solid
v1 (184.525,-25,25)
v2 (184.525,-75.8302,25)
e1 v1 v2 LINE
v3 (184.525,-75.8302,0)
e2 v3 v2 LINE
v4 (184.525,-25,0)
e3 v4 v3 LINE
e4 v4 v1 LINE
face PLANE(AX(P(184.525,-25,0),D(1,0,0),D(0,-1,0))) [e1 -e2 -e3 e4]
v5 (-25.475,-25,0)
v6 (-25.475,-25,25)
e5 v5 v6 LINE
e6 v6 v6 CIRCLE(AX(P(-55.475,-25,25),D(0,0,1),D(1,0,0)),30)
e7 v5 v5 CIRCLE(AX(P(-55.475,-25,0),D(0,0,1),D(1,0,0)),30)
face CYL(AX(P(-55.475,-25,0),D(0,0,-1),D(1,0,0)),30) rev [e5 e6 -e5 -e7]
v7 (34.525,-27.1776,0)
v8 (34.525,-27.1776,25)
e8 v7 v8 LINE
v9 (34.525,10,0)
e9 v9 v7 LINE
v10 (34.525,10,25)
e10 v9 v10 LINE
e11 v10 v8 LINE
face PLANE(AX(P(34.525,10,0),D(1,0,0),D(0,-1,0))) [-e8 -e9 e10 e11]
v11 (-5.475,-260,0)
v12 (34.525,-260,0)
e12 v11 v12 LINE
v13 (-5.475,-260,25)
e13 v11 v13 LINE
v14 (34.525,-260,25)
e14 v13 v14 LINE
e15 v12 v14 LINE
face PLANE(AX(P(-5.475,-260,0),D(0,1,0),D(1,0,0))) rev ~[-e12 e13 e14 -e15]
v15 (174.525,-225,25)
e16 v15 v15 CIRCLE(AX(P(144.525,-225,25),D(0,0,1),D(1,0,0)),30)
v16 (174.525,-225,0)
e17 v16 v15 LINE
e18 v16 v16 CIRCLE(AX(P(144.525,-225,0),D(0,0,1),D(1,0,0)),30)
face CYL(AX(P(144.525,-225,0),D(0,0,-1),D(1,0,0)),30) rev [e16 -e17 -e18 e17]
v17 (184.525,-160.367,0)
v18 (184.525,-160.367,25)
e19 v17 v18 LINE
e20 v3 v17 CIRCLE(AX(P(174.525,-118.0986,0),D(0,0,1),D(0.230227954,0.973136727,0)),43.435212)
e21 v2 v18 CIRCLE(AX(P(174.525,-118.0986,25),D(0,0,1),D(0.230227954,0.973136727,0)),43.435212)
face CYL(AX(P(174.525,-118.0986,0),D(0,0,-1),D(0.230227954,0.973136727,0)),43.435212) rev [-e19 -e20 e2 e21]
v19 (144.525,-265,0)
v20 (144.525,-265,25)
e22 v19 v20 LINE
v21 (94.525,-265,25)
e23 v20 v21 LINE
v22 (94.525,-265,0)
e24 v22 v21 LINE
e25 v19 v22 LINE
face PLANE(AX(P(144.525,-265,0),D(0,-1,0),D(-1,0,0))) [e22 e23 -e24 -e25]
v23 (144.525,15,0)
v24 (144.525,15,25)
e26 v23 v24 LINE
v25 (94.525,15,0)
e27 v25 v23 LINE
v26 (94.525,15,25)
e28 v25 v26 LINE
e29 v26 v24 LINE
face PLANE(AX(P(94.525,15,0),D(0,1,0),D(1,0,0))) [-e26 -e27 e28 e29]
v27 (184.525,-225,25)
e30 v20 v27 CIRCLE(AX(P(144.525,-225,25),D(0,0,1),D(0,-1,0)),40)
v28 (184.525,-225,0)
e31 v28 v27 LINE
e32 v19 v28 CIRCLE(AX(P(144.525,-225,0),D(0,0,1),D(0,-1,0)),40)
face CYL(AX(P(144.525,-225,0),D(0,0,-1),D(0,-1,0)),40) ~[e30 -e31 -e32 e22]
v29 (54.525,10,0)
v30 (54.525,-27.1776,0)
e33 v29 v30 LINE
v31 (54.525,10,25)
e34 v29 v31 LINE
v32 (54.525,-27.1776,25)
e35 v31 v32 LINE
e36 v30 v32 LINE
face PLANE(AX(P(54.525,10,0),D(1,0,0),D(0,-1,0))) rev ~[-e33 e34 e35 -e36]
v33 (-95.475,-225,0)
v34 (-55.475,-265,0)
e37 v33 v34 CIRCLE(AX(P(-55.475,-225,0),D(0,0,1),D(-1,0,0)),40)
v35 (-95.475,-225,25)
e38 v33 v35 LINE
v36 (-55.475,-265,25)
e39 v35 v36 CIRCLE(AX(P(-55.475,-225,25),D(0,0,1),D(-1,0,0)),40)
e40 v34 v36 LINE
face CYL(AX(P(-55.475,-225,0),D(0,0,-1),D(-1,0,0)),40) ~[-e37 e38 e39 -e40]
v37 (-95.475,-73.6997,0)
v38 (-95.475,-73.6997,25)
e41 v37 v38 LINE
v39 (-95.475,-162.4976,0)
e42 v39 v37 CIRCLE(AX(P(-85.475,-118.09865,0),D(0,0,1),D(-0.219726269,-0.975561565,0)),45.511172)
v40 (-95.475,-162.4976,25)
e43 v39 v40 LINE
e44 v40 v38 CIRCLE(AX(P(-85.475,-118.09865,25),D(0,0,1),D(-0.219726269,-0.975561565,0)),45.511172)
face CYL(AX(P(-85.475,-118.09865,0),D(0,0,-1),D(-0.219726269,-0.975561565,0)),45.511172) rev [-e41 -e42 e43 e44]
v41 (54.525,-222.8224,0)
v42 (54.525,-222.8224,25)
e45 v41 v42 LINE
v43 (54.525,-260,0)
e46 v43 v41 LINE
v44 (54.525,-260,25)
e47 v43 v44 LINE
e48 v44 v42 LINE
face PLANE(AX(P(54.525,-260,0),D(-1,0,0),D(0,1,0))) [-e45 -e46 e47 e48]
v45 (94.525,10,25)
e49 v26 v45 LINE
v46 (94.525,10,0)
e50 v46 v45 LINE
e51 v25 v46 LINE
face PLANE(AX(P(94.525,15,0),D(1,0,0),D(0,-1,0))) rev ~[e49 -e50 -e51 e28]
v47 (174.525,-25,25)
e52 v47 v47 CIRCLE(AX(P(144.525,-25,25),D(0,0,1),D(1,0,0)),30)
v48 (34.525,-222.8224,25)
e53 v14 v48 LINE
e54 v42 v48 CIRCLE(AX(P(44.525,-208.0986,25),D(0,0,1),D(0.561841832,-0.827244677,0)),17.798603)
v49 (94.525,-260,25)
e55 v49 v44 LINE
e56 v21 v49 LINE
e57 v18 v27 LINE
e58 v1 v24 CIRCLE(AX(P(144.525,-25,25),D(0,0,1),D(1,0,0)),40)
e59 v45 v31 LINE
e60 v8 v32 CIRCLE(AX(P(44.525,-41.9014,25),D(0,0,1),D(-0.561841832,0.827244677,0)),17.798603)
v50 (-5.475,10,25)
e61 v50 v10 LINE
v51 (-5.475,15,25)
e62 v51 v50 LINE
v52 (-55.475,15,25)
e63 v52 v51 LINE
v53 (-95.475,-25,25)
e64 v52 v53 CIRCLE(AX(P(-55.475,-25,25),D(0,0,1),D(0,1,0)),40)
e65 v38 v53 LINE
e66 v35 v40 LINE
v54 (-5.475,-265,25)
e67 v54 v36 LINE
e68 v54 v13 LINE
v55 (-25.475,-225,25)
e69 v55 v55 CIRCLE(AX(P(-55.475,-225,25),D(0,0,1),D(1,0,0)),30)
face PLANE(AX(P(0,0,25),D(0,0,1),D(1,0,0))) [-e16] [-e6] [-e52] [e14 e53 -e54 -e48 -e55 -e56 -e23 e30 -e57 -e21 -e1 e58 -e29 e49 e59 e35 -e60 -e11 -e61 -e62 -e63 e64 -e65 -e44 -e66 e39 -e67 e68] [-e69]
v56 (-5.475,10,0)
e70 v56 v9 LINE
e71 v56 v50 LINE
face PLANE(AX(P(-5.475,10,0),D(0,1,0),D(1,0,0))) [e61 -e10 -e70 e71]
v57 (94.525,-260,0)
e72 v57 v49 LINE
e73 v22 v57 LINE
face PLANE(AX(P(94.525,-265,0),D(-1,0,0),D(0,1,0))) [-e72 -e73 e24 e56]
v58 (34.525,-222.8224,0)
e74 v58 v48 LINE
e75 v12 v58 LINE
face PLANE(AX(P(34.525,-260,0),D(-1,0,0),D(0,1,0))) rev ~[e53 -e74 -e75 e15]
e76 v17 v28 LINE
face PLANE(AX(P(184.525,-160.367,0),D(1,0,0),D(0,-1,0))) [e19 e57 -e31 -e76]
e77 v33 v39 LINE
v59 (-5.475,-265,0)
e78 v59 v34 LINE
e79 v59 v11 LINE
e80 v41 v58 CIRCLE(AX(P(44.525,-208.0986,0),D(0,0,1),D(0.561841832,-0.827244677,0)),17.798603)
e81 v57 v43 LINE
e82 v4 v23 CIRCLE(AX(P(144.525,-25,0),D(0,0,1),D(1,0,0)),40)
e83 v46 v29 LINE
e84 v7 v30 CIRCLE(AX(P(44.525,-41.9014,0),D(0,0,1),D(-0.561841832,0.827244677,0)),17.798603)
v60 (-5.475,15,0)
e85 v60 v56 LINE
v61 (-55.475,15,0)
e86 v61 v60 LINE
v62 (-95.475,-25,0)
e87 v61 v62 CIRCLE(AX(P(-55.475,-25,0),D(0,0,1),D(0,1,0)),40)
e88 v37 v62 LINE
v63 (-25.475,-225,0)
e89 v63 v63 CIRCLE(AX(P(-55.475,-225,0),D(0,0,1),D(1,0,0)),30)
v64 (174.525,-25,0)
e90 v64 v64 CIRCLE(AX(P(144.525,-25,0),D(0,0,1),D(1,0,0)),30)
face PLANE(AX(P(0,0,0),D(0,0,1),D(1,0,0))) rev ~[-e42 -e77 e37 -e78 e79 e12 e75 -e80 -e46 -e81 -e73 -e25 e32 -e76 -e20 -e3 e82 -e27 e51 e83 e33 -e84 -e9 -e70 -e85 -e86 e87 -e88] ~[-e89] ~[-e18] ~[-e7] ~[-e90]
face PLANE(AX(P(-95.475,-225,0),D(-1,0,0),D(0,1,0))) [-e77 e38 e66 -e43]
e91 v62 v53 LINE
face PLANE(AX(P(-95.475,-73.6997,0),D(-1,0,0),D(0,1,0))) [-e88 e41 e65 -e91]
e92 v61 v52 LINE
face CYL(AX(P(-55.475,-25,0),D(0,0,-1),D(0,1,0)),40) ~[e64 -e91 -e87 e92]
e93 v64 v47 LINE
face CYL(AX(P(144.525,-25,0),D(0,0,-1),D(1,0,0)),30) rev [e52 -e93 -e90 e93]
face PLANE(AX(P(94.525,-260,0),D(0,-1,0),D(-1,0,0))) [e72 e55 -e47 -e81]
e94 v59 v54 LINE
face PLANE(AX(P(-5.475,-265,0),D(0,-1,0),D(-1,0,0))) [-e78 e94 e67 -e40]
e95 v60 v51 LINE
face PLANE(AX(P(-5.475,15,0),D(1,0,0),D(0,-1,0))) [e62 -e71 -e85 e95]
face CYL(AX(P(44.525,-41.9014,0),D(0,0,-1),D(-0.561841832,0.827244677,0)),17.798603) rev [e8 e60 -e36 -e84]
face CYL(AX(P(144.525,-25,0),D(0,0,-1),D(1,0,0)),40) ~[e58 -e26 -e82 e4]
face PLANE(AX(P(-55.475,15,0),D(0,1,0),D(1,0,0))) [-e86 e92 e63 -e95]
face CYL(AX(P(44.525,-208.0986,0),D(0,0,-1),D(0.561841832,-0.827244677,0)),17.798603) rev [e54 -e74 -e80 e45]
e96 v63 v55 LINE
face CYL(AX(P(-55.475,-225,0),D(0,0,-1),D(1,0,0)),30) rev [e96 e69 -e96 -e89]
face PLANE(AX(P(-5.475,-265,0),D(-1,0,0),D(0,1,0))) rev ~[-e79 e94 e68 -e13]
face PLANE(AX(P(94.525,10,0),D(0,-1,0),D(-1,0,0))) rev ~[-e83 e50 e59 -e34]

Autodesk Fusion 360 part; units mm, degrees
sketch "Sketch1" plane through (0, 0, 0) normal (0, 0, 1) x (1, 0, 0)
  circle A0 centre (-55.475, -25) radius 30
  circle A1 centre (144.525, -25) radius 30
  circle A2 centre (144.525, -225) radius 30
  circle A3 centre (-55.475, -225) radius 30
  line L0 (-55.475, 15) -> (144.525, 15)
  line L1 (144.525, -265) -> (-55.475, -265)
  line L2 (-95.475, 15) -> (184.525, -265) construction
  line L3 (184.525, 15) -> (-95.475, -265) construction
  line L4 (184.525, -25) -> (184.525, -75.8302)
  line L5 (184.525, -160.367) -> (184.525, -225)
  arc A4 (184.525, -75.8302) -> (184.525, -160.367) centre (174.525, -118.0986) ccw
  line L6 (-95.475, -225) -> (-95.475, -162.4976)
  line L7 (-95.475, -73.6997) -> (-95.475, -25)
  arc A5 (-95.475, -162.4976) -> (-95.475, -73.6997) centre (-85.475, -118.0986) ccw
  arc A6 (-55.475, 15) -> (-95.475, -25) centre (-55.475, -25) ccw
  arc A7 (184.525, -25) -> (144.525, 15) centre (144.525, -25) ccw
  arc A8 (144.525, -265) -> (184.525, -225) centre (144.525, -225) ccw
  arc A9 (-95.475, -225) -> (-55.475, -265) centre (-55.475, -225) ccw
  line L8 (-5.475, -265) -> (-5.475, -260)
  line L9 (94.525, -265) -> (94.525, -260)
  line L10 (-5.475, -260) -> (34.525, -260)
  line L11 (94.525, -260) -> (54.525, -260)
  line L12 (34.525, -260) -> (34.525, -222.8224)
  line L13 (54.525, -260) -> (54.525, -222.8224)
  arc A10 (54.525, -222.8224) -> (34.525, -222.8224) centre (44.525, -208.0986) ccw
  line L14 (34.525, 10) -> (34.525, -27.1776)
  arc A11 (34.525, -27.1776) -> (54.525, -27.1776) centre (44.525, -41.9014) ccw
  line L15 (54.525, 10) -> (54.525, -27.1776)
  line L16 (-5.475, 10) -> (34.525, 10)
  line L17 (94.525, 10) -> (54.525, 10)
  line L18 (-5.475, 15) -> (-5.475, 10)
  line L19 (94.525, 15) -> (94.525, 10)
  point P0 (44.525, -125)
  dimension "d1" = 60
  dimension "d2" = 60
  dimension "d3" = 200
  dimension "d4" = 200
  dimension "d5" = 200
  dimension "d8" = 260
  dimension "d9" = 280
  dimension "d10" = 280
  dimension "d11" = 40
  dimension "d12" = 40
  dimension "d13" = 40
  dimension "d14" = 40
  dimension "d15" = 40
  dimension "d16" = 40
  dimension "d17" = 40
  dimension "d18" = 100
  dimension "d19" = 50
  dimension "d20" = 5
  dimension "d21" = 5
  dimension "d22" = 40
  dimension "d23" = 40
extrude "Extrude1" add sketch "Sketch1" along normal blind 25 contours L0 L1 L4 L5 A4 L6 L7 A5 A6 A7 A8 A9 L8 L9 L10 L11 L12 L13 A10 L14 A11 L15 L16 L17 L18 L19
